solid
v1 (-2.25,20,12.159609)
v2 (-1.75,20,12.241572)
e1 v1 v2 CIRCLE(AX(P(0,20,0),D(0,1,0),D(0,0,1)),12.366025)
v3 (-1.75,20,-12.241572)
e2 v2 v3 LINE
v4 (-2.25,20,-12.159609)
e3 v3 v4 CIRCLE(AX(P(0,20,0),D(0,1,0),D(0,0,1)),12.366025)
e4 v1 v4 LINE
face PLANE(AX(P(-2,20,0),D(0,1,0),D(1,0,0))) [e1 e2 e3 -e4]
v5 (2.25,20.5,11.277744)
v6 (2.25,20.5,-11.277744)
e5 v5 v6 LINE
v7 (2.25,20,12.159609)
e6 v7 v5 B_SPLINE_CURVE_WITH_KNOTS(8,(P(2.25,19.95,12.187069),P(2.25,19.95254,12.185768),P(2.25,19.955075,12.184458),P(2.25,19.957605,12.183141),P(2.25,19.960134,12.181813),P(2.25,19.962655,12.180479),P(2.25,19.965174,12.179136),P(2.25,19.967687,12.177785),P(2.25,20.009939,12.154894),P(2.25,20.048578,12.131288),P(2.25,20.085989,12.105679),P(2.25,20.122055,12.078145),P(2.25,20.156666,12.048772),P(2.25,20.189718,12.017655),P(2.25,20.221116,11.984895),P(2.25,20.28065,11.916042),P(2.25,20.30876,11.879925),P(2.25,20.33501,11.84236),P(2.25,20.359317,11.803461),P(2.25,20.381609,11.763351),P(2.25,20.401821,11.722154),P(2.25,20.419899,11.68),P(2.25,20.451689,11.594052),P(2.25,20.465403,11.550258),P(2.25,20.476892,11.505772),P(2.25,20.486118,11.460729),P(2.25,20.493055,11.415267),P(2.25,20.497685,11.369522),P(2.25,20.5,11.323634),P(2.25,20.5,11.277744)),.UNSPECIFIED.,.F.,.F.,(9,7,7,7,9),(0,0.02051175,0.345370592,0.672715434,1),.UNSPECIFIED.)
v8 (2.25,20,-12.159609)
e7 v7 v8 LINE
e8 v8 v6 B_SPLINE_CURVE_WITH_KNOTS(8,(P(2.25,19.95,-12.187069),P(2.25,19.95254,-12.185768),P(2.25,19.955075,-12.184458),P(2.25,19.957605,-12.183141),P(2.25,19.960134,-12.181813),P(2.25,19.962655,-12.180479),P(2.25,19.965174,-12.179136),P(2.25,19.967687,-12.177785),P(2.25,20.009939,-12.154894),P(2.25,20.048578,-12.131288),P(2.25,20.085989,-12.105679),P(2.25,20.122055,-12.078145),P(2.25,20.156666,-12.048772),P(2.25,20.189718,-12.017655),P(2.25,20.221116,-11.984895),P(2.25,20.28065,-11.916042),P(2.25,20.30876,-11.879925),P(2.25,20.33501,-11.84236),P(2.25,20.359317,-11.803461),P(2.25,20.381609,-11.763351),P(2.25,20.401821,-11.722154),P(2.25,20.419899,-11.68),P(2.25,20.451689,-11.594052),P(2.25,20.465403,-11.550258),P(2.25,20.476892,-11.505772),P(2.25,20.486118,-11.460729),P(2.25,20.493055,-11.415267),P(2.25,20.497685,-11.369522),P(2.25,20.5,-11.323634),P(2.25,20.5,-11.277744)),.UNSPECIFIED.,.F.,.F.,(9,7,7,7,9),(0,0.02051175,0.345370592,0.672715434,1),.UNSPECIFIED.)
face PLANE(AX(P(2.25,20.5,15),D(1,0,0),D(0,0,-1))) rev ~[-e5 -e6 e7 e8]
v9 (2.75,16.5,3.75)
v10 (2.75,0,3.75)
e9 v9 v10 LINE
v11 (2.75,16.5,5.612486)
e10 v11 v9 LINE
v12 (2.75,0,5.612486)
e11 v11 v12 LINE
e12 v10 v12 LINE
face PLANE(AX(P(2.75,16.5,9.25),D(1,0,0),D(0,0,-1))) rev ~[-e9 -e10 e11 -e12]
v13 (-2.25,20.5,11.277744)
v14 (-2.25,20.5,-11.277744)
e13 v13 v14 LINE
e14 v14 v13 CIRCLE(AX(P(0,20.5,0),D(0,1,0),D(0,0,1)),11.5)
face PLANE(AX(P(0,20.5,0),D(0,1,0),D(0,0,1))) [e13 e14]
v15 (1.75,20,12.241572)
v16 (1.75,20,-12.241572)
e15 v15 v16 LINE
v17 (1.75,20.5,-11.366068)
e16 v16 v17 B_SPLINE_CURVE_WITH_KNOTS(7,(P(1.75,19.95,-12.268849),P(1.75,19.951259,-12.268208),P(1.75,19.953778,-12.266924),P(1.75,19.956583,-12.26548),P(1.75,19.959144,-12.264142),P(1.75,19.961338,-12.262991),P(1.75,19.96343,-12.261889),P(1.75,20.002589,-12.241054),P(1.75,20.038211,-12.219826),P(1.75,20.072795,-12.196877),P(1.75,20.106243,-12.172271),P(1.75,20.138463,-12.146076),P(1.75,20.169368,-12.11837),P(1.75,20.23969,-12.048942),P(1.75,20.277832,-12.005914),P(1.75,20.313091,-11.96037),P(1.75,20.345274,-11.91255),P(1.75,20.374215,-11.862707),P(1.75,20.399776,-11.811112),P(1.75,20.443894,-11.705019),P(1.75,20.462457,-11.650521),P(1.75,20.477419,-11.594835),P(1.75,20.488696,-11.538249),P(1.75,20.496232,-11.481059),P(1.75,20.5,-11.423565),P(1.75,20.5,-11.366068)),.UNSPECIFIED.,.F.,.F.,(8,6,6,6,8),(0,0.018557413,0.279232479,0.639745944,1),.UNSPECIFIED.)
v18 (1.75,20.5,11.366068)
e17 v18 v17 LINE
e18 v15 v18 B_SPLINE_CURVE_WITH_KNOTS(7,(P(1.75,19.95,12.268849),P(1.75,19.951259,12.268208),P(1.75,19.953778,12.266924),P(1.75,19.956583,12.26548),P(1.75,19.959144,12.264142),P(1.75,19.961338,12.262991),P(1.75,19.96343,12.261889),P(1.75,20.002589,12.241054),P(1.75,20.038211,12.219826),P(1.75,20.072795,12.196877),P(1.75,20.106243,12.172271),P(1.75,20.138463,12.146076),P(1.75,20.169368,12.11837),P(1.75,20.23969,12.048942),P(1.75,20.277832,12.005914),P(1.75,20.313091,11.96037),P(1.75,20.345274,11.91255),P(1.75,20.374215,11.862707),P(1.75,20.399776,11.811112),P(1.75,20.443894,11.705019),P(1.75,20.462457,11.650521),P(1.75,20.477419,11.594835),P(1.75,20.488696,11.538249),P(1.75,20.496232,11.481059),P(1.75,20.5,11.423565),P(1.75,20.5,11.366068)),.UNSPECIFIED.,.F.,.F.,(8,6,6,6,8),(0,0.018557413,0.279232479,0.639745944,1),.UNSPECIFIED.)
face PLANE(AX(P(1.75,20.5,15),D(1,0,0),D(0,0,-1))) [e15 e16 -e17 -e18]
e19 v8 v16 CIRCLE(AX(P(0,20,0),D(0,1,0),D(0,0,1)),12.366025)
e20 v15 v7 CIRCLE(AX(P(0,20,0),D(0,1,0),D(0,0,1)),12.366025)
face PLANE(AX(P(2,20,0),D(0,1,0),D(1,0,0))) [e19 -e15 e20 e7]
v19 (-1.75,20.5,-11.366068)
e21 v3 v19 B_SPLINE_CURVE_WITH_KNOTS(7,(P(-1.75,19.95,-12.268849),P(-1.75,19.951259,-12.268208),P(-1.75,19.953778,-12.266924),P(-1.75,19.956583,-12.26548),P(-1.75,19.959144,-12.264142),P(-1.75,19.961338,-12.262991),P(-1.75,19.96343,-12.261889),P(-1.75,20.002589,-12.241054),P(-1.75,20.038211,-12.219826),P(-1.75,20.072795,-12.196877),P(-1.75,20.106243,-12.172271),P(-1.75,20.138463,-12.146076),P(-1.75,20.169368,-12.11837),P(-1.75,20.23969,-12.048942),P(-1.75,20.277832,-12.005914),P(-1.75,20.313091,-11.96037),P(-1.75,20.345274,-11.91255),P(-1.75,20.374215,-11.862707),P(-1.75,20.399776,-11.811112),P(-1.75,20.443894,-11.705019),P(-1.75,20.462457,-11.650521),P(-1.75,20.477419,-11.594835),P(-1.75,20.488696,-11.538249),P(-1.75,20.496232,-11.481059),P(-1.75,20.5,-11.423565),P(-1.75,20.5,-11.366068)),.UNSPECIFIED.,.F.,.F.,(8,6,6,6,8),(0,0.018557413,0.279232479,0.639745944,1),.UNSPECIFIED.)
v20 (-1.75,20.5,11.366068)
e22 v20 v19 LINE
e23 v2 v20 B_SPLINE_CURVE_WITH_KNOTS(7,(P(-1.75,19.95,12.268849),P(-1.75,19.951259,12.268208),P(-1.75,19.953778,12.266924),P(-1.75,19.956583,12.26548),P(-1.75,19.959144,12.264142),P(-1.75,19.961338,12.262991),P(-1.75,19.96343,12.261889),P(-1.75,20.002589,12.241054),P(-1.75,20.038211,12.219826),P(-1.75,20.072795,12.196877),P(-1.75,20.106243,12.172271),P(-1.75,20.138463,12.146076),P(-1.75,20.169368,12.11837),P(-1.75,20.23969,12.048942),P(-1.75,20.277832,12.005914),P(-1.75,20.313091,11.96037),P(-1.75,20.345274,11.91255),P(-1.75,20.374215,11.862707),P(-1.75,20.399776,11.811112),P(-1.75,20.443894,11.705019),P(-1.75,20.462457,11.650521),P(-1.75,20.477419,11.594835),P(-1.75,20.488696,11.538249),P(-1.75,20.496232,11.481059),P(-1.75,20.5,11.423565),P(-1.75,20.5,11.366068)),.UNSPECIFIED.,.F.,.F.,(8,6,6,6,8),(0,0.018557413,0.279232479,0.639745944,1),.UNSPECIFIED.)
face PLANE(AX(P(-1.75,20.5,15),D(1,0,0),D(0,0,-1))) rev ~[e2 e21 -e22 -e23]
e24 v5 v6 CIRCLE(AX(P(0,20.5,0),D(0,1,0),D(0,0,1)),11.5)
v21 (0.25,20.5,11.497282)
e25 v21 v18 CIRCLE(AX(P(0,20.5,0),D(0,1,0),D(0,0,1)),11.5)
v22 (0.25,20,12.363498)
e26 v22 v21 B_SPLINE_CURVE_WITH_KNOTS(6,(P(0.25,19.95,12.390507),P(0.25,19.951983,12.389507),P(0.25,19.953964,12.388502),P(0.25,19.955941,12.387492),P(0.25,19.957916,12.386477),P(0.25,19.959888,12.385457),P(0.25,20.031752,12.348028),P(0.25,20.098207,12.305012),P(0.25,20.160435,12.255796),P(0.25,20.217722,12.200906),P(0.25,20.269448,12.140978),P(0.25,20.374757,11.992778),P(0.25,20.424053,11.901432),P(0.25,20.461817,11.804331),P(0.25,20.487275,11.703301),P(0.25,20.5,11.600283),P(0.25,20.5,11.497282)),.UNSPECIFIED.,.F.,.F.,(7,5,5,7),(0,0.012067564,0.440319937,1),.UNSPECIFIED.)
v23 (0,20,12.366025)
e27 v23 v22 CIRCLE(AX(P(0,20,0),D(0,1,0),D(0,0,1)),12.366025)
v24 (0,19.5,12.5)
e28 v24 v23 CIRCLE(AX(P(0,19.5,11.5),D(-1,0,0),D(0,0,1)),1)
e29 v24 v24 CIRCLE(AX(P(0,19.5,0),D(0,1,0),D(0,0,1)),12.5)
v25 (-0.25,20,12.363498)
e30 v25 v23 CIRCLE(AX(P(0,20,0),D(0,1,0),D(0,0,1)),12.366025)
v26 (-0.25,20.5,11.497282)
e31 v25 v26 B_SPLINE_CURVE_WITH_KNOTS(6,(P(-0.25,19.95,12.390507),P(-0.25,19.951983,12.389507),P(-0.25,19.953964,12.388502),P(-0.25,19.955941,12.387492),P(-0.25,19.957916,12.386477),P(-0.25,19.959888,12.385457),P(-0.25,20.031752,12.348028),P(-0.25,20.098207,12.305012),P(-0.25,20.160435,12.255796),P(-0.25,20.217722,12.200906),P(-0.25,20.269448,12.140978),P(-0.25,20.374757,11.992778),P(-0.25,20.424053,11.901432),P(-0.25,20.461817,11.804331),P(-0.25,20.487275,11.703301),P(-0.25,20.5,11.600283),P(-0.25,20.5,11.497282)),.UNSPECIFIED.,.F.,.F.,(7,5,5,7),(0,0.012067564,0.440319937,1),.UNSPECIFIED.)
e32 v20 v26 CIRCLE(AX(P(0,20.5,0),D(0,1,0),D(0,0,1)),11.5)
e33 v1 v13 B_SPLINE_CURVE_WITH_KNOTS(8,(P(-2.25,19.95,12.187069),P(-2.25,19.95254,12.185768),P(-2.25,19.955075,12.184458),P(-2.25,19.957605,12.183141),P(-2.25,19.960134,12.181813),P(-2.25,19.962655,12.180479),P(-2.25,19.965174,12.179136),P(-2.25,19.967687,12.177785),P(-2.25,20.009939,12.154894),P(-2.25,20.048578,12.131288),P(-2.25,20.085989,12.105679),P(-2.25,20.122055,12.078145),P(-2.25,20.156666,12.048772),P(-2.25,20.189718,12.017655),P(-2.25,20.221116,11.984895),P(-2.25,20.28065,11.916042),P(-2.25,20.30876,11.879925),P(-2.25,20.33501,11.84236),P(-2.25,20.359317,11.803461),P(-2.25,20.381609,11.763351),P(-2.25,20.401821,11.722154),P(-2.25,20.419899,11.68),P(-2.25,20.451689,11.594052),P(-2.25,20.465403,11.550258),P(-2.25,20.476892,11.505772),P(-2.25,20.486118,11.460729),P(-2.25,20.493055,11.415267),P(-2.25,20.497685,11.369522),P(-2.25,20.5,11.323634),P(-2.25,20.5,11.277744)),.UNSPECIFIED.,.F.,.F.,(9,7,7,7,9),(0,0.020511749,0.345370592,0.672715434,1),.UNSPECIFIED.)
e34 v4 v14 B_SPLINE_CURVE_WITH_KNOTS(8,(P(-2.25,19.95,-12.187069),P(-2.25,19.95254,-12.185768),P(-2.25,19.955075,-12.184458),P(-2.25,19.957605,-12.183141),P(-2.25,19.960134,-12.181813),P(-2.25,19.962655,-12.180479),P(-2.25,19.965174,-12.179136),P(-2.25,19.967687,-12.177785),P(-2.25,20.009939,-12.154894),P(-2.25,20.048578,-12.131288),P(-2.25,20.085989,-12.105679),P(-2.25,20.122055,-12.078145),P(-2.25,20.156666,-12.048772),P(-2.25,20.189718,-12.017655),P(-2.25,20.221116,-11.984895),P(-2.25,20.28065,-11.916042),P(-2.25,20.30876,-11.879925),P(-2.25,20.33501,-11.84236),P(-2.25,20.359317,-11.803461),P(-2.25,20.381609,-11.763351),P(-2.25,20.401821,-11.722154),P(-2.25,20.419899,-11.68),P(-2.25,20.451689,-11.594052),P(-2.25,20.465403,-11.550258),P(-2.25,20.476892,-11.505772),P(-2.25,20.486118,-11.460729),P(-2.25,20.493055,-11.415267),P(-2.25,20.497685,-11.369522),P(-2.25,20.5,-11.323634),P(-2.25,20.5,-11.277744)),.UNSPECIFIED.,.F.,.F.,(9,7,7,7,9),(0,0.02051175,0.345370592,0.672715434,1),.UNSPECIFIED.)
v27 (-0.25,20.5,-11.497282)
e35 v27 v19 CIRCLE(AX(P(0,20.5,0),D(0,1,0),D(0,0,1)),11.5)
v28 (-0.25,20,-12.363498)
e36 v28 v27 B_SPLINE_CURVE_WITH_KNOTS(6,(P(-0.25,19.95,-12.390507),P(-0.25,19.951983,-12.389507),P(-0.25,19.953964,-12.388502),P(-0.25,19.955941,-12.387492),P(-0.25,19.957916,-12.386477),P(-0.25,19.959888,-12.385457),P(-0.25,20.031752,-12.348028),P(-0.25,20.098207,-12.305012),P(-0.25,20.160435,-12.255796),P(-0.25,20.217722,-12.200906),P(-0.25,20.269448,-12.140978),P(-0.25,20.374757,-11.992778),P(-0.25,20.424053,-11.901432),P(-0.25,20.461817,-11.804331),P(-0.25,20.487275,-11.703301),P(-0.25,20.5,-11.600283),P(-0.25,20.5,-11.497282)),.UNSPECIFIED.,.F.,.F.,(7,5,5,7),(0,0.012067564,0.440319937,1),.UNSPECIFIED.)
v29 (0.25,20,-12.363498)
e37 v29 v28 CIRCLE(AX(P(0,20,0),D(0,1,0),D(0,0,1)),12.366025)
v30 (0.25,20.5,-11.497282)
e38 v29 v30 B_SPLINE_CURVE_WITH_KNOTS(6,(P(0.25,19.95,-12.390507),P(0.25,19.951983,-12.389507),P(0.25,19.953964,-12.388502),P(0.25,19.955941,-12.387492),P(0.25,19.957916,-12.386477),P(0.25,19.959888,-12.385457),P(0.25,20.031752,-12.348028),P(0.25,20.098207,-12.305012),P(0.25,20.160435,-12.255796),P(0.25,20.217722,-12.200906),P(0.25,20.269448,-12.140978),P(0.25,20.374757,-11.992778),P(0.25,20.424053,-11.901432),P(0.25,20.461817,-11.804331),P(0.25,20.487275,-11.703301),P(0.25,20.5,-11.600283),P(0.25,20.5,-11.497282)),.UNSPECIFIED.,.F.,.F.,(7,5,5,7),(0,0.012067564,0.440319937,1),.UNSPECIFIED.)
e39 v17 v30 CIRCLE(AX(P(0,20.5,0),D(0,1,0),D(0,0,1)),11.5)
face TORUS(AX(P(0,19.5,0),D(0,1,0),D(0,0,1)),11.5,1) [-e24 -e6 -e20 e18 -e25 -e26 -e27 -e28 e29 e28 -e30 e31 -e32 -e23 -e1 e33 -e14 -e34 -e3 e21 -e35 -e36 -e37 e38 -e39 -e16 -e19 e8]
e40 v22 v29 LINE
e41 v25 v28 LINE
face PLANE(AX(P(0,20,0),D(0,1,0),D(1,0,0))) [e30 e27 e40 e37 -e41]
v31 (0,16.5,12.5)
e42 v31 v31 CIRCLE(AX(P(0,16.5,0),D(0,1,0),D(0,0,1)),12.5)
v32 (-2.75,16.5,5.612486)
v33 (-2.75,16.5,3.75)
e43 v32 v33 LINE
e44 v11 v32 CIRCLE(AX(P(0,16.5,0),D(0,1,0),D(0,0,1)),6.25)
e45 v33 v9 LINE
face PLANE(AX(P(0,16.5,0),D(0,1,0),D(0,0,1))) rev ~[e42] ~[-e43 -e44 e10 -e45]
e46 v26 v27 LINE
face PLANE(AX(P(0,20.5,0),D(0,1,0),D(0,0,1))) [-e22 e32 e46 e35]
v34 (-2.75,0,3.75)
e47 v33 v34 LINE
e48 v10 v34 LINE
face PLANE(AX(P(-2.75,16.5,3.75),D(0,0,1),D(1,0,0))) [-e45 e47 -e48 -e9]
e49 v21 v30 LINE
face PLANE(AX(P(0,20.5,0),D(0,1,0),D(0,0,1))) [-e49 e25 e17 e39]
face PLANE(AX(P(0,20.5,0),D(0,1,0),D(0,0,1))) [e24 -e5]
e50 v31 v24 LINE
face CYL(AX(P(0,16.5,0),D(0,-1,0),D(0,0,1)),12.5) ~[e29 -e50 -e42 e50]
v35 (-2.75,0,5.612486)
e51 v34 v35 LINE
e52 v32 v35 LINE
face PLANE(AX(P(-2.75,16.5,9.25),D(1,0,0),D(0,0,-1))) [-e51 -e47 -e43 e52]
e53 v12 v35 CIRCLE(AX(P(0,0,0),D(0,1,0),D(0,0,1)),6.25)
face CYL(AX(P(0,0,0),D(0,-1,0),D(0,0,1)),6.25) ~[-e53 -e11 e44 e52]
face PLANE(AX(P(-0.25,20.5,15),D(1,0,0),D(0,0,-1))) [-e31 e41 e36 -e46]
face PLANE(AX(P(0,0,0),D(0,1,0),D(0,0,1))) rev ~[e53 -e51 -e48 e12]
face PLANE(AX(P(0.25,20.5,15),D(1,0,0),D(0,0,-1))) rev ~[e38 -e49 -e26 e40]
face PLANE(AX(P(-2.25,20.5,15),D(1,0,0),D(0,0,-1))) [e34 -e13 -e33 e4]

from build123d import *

# Parameters (mm, degrees)
SKETCH1_R           = 6.25
BOSS_EXTRUDE1_DEPTH = 16.5
CUT_EXTRUDE1_REACH  = 20.718
SKETCH2_W           = 5.5
SKETCH2_H           = 5.5
SKETCH3_R           = 12.5
BOSS_EXTRUDE2_DEPTH = 4
FILLET1_R           = 1
SKETCH4_W           = 0.5
SKETCH4_H           = 30
CUT_EXTRUDE2_DEPTH  = 0.5


with BuildPart() as part:
    # Sketch1 → Boss-Extrude1 (new body)
    with BuildSketch(Plane(origin=(0, 0, 0), x_dir=(1, 0, 0), z_dir=(0, 1, 0))):
        with Locations(Location((0, 0, 0), (0, 0, 270))):
            Circle(SKETCH1_R)
    extrude(amount=BOSS_EXTRUDE1_DEPTH)

    # Sketch2 → Cut-Extrude1 (cut, up to next)
    with BuildSketch(Plane(origin=(0, 16.5, 0), x_dir=(1, 0, 0), z_dir=(0, 1, 0)), mode=Mode.PRIVATE) as cut_extrude1_sk1:
        with Locations((0, -6.5)):
            Rectangle(SKETCH2_W, SKETCH2_H)
    cut_extrude1_tool1 = extrude(cut_extrude1_sk1.sketch, amount=-CUT_EXTRUDE1_REACH, mode=Mode.PRIVATE) & part.part
    add(cut_extrude1_tool1.solids().sort_by_distance((0, 16.5, 6.5))[0], mode=Mode.SUBTRACT)

    # Sketch3 → Boss-Extrude2 (add)
    with BuildSketch(Plane(origin=(0, 16.5, 0), x_dir=(1, 0, 0), z_dir=(0, 1, 0))):
        with Locations(Location((0, 0, 0), (0, 0, 270))):
            Circle(SKETCH3_R)
    extrude(amount=BOSS_EXTRUDE2_DEPTH)

    # Fillet1
    fillet1_edges = [part.edges().sort_by_distance(p)[0] for p in [
        (0, 20.5, -12.5),
    ]]
    fillet(fillet1_edges, radius=FILLET1_R)

    # Sketch4 → Cut-Extrude2 (cut)
    with BuildSketch(Plane(origin=(0, 20.5, 0), x_dir=(1, 0, 0), z_dir=(0, 1, 0))):
        Rectangle(SKETCH4_W, SKETCH4_H)
        with Locations((2, 0)):
            Rectangle(SKETCH4_W, SKETCH4_H)
        with Locations((-2, 0)):
            Rectangle(SKETCH4_W, SKETCH4_H)
    extrude(amount=-CUT_EXTRUDE2_DEPTH, mode=Mode.SUBTRACT)


solid = part.part
